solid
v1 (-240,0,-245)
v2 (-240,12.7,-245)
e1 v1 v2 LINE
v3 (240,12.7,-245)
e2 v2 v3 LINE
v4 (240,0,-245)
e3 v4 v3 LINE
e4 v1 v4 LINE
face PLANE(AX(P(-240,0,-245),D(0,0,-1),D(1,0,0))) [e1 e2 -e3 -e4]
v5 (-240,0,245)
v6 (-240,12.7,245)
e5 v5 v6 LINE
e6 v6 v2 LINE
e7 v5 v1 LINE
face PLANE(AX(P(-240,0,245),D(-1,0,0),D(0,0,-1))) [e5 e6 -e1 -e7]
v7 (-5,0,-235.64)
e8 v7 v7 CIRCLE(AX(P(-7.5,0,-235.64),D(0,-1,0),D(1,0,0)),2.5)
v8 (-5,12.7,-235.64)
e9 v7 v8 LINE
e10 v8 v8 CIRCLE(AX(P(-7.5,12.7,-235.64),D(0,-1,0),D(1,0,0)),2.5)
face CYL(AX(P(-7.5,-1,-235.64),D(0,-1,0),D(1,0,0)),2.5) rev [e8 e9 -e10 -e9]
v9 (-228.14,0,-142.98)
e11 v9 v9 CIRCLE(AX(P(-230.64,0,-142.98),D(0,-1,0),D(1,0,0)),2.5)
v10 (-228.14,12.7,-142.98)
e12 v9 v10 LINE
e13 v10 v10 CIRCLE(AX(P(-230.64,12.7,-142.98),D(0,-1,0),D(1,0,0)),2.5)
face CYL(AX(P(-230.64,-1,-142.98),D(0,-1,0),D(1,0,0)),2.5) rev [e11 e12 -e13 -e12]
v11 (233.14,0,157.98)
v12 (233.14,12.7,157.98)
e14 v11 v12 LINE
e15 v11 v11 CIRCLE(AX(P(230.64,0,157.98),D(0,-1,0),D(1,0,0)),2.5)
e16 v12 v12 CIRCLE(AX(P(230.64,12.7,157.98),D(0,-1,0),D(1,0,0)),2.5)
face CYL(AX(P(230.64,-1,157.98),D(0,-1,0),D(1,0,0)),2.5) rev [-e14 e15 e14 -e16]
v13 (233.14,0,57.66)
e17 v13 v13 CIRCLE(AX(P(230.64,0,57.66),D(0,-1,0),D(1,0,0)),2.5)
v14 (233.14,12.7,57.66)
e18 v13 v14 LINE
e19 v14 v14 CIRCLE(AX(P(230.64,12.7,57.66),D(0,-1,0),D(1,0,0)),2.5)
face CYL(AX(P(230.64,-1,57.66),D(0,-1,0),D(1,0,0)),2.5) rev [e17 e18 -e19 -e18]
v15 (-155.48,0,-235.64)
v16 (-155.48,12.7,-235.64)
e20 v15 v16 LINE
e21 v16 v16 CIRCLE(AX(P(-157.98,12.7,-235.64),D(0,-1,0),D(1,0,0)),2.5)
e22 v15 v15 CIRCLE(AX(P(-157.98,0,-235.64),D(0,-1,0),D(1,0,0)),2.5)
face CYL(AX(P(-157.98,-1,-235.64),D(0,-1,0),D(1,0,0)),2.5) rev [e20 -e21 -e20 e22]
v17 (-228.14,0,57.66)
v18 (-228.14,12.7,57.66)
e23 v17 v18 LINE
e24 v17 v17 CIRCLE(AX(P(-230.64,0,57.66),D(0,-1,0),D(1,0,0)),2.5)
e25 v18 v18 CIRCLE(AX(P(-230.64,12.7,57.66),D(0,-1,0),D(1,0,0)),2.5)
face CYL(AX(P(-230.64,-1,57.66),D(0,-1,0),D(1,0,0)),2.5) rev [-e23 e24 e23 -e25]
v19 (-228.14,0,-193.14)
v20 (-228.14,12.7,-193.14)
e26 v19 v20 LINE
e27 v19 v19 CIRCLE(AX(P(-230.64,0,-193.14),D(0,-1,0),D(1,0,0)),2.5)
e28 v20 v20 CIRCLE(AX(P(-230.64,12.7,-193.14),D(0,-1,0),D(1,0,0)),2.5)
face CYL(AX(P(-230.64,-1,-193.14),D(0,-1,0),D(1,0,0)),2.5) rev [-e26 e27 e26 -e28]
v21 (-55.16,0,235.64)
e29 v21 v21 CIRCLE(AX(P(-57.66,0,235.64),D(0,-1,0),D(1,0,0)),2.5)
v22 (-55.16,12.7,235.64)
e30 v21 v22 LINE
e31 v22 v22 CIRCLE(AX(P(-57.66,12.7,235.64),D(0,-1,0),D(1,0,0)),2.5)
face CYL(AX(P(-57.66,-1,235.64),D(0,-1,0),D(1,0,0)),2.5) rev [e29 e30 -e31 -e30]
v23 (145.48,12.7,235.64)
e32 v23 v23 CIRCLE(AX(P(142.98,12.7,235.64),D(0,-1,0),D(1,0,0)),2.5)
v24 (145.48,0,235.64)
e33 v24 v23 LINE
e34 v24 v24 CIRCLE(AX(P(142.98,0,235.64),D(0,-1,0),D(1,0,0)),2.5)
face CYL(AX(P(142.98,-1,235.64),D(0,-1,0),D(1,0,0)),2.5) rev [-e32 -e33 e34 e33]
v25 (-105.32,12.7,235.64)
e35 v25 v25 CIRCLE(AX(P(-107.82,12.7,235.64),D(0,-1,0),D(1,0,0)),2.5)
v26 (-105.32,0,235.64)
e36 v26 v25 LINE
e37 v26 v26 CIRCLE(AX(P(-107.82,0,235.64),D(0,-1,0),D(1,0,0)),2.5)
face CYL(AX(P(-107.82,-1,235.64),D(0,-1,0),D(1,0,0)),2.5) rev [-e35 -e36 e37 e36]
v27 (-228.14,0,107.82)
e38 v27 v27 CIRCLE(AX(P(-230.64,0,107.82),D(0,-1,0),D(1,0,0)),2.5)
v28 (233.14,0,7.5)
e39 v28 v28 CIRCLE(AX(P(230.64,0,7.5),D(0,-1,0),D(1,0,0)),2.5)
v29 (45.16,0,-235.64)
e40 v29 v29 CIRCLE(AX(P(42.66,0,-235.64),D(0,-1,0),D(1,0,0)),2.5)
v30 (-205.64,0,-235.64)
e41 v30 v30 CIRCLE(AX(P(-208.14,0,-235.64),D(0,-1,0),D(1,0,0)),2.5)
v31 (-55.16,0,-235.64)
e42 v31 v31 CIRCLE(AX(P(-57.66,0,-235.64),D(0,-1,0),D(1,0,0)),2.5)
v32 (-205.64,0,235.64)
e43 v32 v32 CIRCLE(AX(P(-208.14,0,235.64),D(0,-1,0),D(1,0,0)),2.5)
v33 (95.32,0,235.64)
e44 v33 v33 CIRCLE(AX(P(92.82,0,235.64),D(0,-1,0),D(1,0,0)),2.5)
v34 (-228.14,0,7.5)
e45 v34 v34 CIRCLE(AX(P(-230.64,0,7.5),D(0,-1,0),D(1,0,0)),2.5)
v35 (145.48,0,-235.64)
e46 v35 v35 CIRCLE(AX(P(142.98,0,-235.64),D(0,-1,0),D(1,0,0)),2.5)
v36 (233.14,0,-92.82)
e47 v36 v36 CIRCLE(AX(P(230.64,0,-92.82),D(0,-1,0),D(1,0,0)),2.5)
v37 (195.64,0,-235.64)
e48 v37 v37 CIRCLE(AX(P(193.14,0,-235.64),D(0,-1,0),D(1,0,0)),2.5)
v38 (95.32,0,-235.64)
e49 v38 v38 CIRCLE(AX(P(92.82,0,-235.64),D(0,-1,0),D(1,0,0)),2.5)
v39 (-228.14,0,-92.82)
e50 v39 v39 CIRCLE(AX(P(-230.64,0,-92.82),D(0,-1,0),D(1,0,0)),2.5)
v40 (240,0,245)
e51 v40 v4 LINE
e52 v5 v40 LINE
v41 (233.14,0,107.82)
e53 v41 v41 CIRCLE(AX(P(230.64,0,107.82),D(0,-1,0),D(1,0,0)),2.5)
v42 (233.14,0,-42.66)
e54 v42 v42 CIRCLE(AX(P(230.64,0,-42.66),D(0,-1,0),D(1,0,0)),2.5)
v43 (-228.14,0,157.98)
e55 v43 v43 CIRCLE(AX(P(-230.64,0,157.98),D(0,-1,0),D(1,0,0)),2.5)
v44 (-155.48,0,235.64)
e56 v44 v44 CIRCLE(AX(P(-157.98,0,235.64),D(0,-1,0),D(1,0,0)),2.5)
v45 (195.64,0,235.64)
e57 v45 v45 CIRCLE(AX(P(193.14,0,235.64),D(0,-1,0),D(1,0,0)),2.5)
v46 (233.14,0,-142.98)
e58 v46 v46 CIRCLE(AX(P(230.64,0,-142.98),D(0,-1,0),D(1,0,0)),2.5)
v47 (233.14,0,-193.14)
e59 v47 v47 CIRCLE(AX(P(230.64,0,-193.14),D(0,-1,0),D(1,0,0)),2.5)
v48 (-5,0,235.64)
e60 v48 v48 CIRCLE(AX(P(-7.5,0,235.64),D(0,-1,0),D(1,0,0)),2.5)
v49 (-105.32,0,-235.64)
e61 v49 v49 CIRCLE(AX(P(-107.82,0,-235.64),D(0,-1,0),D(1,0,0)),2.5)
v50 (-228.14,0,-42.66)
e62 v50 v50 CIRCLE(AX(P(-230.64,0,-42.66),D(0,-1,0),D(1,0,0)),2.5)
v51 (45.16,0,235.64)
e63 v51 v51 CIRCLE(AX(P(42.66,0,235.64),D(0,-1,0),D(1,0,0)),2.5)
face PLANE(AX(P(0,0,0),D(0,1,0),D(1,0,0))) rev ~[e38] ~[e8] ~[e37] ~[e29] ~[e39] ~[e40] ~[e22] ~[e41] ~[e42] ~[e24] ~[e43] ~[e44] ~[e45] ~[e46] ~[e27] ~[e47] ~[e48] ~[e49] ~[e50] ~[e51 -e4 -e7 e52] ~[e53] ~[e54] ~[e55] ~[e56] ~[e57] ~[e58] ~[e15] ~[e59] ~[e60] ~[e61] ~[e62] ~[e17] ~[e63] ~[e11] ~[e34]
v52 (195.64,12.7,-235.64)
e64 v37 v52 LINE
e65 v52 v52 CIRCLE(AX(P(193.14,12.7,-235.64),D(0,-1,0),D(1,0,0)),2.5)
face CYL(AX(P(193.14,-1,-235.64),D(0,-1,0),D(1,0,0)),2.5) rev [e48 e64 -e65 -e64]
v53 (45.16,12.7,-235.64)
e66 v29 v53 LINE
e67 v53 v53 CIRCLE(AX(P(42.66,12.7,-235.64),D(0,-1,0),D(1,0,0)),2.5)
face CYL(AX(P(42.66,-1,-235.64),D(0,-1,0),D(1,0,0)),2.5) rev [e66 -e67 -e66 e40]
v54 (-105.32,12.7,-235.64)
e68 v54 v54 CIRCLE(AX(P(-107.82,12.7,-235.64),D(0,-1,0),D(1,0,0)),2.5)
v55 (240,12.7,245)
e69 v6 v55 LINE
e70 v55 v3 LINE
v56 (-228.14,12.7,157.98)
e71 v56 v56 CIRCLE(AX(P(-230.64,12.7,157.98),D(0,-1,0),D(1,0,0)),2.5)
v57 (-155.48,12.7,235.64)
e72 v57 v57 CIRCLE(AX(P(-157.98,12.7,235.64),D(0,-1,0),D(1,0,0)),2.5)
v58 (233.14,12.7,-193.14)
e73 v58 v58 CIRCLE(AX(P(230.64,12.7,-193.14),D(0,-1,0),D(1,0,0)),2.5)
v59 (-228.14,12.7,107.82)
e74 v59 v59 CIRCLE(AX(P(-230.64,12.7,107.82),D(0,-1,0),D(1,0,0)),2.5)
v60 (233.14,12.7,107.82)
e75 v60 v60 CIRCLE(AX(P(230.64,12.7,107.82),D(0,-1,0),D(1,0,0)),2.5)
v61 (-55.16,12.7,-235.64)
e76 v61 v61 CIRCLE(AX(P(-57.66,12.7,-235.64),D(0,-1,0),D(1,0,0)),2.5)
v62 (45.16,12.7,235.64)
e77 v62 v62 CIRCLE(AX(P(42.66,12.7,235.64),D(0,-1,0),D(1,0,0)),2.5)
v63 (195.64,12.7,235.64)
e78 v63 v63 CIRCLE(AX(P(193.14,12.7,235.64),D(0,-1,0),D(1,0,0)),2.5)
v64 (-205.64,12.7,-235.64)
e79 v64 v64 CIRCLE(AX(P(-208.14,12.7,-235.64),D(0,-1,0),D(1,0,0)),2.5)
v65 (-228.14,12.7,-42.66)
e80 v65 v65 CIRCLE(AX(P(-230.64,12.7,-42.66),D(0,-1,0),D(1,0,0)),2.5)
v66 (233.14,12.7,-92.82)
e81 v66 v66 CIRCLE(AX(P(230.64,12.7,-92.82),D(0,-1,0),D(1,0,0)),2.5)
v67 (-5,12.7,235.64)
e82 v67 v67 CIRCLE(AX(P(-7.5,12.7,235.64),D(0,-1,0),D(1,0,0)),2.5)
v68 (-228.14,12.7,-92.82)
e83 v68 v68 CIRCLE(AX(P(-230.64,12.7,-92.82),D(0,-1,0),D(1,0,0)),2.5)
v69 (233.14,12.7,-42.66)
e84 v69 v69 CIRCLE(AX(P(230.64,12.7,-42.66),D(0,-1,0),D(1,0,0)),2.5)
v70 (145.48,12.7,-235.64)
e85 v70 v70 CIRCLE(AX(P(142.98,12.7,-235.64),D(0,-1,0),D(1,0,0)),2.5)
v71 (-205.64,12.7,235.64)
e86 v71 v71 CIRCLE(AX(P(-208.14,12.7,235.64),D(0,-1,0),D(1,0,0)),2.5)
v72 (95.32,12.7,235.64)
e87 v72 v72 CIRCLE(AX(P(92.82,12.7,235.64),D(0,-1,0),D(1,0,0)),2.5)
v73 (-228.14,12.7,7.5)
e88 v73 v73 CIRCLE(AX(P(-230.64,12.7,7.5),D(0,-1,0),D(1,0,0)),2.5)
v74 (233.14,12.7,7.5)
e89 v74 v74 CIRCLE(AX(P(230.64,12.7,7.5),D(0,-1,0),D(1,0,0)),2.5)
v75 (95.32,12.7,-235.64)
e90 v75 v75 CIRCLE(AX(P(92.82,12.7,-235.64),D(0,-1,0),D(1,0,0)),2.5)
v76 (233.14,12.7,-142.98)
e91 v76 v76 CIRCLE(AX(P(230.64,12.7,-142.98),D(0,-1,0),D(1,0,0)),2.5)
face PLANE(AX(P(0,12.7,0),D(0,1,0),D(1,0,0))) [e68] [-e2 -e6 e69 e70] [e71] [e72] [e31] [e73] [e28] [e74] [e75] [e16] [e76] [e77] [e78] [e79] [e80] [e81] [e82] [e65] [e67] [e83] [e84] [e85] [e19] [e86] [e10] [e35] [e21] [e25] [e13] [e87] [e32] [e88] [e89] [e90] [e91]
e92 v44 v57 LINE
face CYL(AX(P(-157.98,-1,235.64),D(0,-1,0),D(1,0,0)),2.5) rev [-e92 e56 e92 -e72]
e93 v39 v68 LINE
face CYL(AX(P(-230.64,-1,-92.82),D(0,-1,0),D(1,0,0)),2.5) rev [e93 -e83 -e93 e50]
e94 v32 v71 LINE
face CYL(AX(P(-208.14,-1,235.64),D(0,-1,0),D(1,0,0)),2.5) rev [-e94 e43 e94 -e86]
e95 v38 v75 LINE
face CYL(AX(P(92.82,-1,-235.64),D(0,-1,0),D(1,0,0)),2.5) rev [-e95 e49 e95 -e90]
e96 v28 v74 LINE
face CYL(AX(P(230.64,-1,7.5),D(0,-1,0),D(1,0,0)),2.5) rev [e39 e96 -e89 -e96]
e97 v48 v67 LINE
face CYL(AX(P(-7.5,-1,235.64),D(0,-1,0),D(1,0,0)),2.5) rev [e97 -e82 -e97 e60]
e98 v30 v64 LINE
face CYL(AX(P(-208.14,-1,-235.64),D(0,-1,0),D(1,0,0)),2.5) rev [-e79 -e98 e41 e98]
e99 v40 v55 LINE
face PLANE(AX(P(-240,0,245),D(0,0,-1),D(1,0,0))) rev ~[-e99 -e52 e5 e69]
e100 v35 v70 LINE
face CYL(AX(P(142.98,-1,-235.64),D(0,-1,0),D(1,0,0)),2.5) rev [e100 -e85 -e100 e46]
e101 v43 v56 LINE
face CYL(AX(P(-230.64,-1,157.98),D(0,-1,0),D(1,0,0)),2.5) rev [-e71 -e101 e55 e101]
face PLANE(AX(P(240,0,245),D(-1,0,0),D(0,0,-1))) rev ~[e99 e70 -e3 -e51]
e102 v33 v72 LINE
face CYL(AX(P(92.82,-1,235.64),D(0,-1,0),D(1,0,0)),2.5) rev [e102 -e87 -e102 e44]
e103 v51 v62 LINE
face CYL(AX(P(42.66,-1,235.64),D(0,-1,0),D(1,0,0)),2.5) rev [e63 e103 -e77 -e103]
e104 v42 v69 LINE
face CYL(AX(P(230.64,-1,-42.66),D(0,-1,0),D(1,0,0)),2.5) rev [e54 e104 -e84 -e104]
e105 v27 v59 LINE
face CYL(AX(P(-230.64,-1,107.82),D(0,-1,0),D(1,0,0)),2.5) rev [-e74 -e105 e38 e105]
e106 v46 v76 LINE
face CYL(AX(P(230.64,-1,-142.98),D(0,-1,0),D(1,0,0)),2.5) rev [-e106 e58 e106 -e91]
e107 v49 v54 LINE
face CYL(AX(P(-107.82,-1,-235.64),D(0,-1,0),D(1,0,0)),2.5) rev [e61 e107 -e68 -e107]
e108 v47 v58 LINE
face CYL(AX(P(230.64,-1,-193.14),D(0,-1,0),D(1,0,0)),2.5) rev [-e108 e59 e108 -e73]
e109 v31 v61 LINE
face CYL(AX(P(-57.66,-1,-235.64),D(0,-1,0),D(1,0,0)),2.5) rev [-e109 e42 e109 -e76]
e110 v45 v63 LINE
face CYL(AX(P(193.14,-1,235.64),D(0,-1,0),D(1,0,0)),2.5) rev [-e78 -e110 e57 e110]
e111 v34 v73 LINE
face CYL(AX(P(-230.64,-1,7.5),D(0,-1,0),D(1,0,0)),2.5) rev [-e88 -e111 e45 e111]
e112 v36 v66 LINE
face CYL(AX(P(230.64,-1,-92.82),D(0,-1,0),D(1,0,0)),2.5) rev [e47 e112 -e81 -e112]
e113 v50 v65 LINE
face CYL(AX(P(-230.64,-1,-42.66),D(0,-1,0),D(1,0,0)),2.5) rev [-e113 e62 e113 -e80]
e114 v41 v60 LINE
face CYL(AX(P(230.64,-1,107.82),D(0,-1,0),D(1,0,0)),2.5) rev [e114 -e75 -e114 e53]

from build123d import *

# Parameters (mm, degrees)
SKETCH1_W           = 480
SKETCH1_H           = 490
BOSS_EXTRUDE1_DEPTH = 12.7
CUT_EXTRUDE2_START  = -13.7
SKETCH4_R           = 2.5
CUT_EXTRUDE2_DEPTH  = 14.7
LPATTERN3_COUNT     = 10
LPATTERN3_PITCH     = 50.159999979
CUT_EXTRUDE3_START  = -13.7
SKETCH5_R           = 2.5
CUT_EXTRUDE3_DEPTH  = 14.7
LPATTERN4_COUNT     = 8
LPATTERN4_PITCH     = 50.159999979
CUT_EXTRUDE4_START  = -13.7
SKETCH6_R           = 2.5
CUT_EXTRUDE4_DEPTH  = 14.7
LPATTERN5_COUNT     = 10
LPATTERN5_PITCH     = 50.159999979
CUT_EXTRUDE5_START  = -13.7
SKETCH7_R           = 2.5
CUT_EXTRUDE5_DEPTH  = 14.7
LPATTERN6_COUNT     = 8
LPATTERN6_PITCH     = 50.159999979


with BuildPart() as part:
    # Sketch1 → Boss-Extrude1 (new body)
    with BuildSketch(Plane(origin=(0, 0, 0), x_dir=(1, 0, 0), z_dir=(0, 1, 0))):
        Rectangle(SKETCH1_W, SKETCH1_H)
    extrude(amount=BOSS_EXTRUDE1_DEPTH)

    # Sketch4 → Cut-Extrude2 (cut)
    with BuildSketch(Plane(origin=(0, 12.7, 0), x_dir=(1, 0, 0), z_dir=(0, 1, 0)).offset(CUT_EXTRUDE2_START)):
        with Locations((-208.14, 235.640000004)):
            Circle(SKETCH4_R)
    cut_extrude2 = extrude(amount=CUT_EXTRUDE2_DEPTH, mode=Mode.SUBTRACT)

    # LPattern3: Cut-Extrude2 ×10
    with Locations(*[(i * LPATTERN3_PITCH, 0, 0) for i in range(1, LPATTERN3_COUNT)]):
        add(cut_extrude2, mode=Mode.SUBTRACT)

    # Sketch5 → Cut-Extrude3 (cut)
    with BuildSketch(Plane(origin=(0, 12.7, 0), x_dir=(1, 0, 0), z_dir=(0, 1, 0)).offset(CUT_EXTRUDE3_START)):
        with Locations((-230.640000004, 193.14)):
            Circle(SKETCH5_R)
    cut_extrude3 = extrude(amount=CUT_EXTRUDE3_DEPTH, mode=Mode.SUBTRACT)

    # LPattern4: Cut-Extrude3 ×8
    with Locations(*[(0, 0, i * LPATTERN4_PITCH) for i in range(1, LPATTERN4_COUNT)]):
        add(cut_extrude3, mode=Mode.SUBTRACT)

    # Sketch6 → Cut-Extrude4 (cut)
    with BuildSketch(Plane(origin=(0, 12.7, 0), x_dir=(1, 0, 0), z_dir=(0, 1, 0)).offset(CUT_EXTRUDE4_START)):
        with Locations((-208.14, -235.640000004)):
            Circle(SKETCH6_R)
    cut_extrude4 = extrude(amount=CUT_EXTRUDE4_DEPTH, mode=Mode.SUBTRACT)

    # LPattern5: Cut-Extrude4 ×10
    with Locations(*[(i * LPATTERN5_PITCH, 0, 0) for i in range(1, LPATTERN5_COUNT)]):
        add(cut_extrude4, mode=Mode.SUBTRACT)

    # Sketch7 → Cut-Extrude5 (cut)
    with BuildSketch(Plane(origin=(0, 12.7, 0), x_dir=(1, 0, 0), z_dir=(0, 1, 0)).offset(CUT_EXTRUDE5_START)):
        with Locations((230.64, 193.14)):
            Circle(SKETCH7_R)
    cut_extrude5 = extrude(amount=CUT_EXTRUDE5_DEPTH, mode=Mode.SUBTRACT)

    # LPattern6: Cut-Extrude5 ×8
    with Locations(*[(0, 0, i * LPATTERN6_PITCH) for i in range(1, LPATTERN6_COUNT)]):
        add(cut_extrude5, mode=Mode.SUBTRACT)


solid = part.part
